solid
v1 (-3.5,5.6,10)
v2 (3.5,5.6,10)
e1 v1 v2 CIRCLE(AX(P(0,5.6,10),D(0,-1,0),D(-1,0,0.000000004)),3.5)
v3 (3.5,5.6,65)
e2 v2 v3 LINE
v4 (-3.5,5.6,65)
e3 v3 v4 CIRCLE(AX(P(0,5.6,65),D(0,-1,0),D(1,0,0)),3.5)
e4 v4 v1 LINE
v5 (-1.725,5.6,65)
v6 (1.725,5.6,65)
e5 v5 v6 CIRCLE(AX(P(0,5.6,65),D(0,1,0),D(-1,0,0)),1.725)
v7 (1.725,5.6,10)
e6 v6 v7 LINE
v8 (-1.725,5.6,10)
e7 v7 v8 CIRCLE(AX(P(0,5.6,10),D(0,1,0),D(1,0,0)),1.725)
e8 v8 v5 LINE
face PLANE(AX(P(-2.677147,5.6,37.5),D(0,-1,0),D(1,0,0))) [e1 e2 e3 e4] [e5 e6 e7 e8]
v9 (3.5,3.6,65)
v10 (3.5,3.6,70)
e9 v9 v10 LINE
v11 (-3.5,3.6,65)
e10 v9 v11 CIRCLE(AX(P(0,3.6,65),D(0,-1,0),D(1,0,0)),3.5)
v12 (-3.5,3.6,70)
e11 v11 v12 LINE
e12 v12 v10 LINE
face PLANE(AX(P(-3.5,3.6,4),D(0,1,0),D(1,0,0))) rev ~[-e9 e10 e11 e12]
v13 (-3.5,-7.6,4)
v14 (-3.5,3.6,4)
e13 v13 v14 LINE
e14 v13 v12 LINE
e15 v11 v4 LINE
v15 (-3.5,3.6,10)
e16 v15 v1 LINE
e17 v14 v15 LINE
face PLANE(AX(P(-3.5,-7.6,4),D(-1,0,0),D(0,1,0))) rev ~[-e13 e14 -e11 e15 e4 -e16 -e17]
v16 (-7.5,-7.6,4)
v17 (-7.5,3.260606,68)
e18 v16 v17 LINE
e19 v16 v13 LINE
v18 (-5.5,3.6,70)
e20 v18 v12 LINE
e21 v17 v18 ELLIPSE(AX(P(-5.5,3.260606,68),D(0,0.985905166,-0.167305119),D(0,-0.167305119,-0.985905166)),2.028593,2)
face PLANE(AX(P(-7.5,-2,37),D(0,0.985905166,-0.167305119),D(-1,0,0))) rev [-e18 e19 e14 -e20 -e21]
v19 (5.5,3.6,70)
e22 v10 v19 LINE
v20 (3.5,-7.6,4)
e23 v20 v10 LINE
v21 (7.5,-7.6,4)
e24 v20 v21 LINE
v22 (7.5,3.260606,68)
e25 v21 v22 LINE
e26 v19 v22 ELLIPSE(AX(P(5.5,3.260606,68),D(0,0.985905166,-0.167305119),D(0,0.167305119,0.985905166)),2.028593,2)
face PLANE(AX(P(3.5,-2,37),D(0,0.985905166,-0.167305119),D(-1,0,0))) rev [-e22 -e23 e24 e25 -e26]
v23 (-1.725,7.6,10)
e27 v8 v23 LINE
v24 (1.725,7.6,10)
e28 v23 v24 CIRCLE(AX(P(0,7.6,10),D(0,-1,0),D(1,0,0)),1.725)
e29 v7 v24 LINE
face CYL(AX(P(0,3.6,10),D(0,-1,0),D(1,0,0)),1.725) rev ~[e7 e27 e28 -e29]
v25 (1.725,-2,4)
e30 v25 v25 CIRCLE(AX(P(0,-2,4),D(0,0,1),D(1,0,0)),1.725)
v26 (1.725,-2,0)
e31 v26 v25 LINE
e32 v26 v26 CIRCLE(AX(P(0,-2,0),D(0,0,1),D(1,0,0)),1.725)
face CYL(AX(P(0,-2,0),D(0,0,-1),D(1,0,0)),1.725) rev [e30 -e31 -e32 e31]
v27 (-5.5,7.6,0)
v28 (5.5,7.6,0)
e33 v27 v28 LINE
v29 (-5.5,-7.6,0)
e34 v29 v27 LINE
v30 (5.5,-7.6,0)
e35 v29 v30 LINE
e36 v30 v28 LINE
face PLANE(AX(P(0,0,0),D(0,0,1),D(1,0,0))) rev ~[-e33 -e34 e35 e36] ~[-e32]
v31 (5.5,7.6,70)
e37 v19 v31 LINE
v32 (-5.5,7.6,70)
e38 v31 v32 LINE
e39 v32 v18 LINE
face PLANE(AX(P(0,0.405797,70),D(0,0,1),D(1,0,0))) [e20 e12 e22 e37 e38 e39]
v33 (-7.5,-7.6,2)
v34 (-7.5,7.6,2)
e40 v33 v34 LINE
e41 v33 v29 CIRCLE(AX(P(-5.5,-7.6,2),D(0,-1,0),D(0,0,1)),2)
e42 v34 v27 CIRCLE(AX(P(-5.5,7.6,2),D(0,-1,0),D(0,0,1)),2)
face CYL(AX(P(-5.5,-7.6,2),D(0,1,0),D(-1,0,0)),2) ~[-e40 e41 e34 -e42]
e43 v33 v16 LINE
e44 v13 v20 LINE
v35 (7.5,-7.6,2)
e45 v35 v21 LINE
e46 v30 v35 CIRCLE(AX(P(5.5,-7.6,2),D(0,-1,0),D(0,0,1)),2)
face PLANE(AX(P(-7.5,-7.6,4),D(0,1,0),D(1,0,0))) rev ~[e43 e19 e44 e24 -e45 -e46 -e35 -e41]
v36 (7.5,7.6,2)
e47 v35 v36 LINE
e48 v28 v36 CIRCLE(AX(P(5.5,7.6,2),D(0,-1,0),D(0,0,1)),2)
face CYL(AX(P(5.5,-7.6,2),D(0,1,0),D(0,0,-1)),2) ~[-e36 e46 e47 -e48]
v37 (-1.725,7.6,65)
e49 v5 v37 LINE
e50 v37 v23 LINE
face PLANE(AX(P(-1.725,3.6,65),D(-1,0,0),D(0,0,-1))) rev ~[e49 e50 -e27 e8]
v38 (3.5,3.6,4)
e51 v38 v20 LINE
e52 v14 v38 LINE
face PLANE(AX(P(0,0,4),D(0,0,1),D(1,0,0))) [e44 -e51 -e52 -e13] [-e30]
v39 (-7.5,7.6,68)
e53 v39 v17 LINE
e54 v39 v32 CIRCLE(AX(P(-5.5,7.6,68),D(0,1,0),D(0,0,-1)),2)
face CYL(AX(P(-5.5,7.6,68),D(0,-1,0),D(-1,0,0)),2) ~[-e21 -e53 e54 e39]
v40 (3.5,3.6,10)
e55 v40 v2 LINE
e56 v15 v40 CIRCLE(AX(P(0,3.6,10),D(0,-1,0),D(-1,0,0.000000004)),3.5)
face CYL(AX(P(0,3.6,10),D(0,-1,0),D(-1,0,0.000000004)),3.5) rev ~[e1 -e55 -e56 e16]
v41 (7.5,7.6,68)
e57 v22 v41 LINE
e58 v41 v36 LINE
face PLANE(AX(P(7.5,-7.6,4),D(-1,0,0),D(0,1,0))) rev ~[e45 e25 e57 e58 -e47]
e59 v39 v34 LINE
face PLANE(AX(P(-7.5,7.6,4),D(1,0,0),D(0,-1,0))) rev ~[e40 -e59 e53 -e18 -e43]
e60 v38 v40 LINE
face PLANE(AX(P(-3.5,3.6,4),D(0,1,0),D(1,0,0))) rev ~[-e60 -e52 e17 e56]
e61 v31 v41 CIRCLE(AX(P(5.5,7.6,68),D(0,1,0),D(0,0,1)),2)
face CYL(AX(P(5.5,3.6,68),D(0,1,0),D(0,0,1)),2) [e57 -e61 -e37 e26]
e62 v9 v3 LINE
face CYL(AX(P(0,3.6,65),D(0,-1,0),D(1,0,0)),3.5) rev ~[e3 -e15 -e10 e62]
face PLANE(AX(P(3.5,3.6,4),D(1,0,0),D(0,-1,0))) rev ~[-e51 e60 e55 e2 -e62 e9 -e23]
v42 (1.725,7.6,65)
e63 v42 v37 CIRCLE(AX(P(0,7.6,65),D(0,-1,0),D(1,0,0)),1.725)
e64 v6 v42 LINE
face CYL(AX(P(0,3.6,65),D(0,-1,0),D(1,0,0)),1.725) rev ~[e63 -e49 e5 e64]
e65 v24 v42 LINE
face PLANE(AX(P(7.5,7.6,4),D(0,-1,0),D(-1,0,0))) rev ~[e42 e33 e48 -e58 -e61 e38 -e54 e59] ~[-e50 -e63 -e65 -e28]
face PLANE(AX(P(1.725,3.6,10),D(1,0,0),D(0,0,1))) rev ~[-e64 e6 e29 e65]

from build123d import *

# Parameters (mm, degrees)
F0_W     = 15
F0_H     = 15.2
F0_R     = 1.725
F1_DEPTH = 4
F3_DEPTH = 66
F5_DEPTH = 2
F6_DEPTH = 4
F7_SIZE2 = 11.2
F7_SIZE  = 66
F8_R     = 2


with BuildPart() as f1:
    # F0 (on Top) → F1 (new body)
    with BuildSketch(Plane.XY):
        Rectangle(F0_W, F0_H)
        with Locations((0, -2)):
            Circle(F0_R, mode=Mode.SUBTRACT)
    extrude(amount=F1_DEPTH)

    # F2 (on face) → F3 (join)
    with BuildSketch(Plane.XY.offset(4)):
        Polygon((-7.5, 7.6), (-7.5, -7.6), (-3.5, -7.6), (-3.5, -2), (-3.5, 3.6), (3.5, 3.6), (3.5, -2), (3.5, -7.6), (7.5, -7.6), (7.5, 7.6), align=None)
    extrude(amount=F3_DEPTH)

    # F4 (on face) → F5 (cut)
    with BuildSketch(Plane.XZ.offset(-3.6)):
        with BuildLine():
            Line((-1.725, 13.045385854), (-1.725, 61.954614146))
            ThreePointArc((-1.725, 61.954614146), (-3.0238634228, 63.2375443268), (-3.5, 65))
            Line((-3.5, 65), (-3.5, 10.0000000135))
            ThreePointArc((-3.5, 10.0000000135), (-3.0238634194, 11.762455679), (-1.725, 13.045385854))
        make_face()
        with BuildLine():
            ThreePointArc((3.5, 65), (3.0238634228, 63.2375443268), (1.725, 61.954614146))
            Line((1.725, 61.954614146), (1.725, 13.045385854))
            ThreePointArc((1.725, 13.045385854), (3.0238634228, 11.7624556732), (3.5, 10))
            Line((3.5, 10), (3.5, 65))
        make_face()
        with BuildLine():
            ThreePointArc((-1.725, 65), (0, 66.725), (1.725, 65))
            Line((1.725, 65), (1.725, 61.954614146))
            ThreePointArc((1.725, 61.954614146), (3.0238634228, 63.2375443268), (3.5, 65))
            ThreePointArc((3.5, 65), (0, 68.5), (-3.5, 65))
            ThreePointArc((-3.5, 65), (-3.0238634228, 63.2375443268), (-1.725, 61.954614146))
            Line((-1.725, 61.954614146), (-1.725, 65))
        make_face()
        with BuildLine():
            ThreePointArc((3.5, 10), (3.0238634228, 11.7624556732), (1.725, 13.045385854))
            Line((1.725, 13.045385854), (1.725, 10))
            ThreePointArc((1.725, 10), (0, 8.275), (-1.725, 10))
            Line((-1.725, 10), (-1.725, 13.045385854))
            ThreePointArc((-1.725, 13.045385854), (-3.0238634194, 11.762455679), (-3.5, 10.0000000135))
            ThreePointArc((-3.5, 10.0000000135), (-6.7e-09, 6.5), (3.5, 10))
        make_face()
    extrude(amount=-F5_DEPTH, mode=Mode.SUBTRACT)

    # F4 (on face) → F6 (cut, through all)
    with BuildSketch(Plane.XZ.offset(-3.6)):
        with BuildLine():
            ThreePointArc((-1.725, 65), (0, 63.275), (1.725, 65))
            ThreePointArc((1.725, 65), (0, 66.725), (-1.725, 65))
        make_face()
        with BuildLine():
            Line((1.725, 61.954614146), (1.725, 65))
            ThreePointArc((1.725, 65), (0, 63.275), (-1.725, 65))
            Line((-1.725, 65), (-1.725, 61.954614146))
            ThreePointArc((-1.725, 61.954614146), (0, 61.5), (1.725, 61.954614146))
        make_face()
        with BuildLine():
            Line((1.725, 13.045385854), (1.725, 61.954614146))
            ThreePointArc((1.725, 61.954614146), (0, 61.5), (-1.725, 61.954614146))
            Line((-1.725, 61.954614146), (-1.725, 13.045385854))
            ThreePointArc((-1.725, 13.045385854), (0, 13.5), (1.725, 13.045385854))
        make_face()
        with BuildLine():
            Line((1.725, 10), (1.725, 13.045385854))
            ThreePointArc((1.725, 13.045385854), (0, 13.5), (-1.725, 13.045385854))
            Line((-1.725, 13.045385854), (-1.725, 10))
            ThreePointArc((-1.725, 10), (0, 11.725), (1.725, 10))
        make_face()
        with BuildLine():
            ThreePointArc((-1.725, 10), (0, 8.275), (1.725, 10))
            ThreePointArc((1.725, 10), (0, 11.725), (-1.725, 10))
        make_face()
    extrude(amount=-F6_DEPTH, mode=Mode.SUBTRACT)

    # F7
    f7_edges = [f1.edges().sort_by_distance(p)[0] for p in [
        (5.5, -7.6, 70),
        (-5.5, -7.6, 70),
    ]]
    f7_side = f1.faces().sort_by_distance((-6.784109, -7.6, 35))[0]
    chamfer(f7_edges, length=F7_SIZE, length2=F7_SIZE2, reference=f7_side)

    # F8
    f8_edges = [f1.edges().sort_by_distance(p)[0] for p in [
        (-7.5, 5.6, 70),
        (7.5, 5.6, 70),
        (-7.5, 0, 0),
        (7.5, 0, 0),
    ]]
    fillet(f8_edges, radius=F8_R)


solid = f1.part
